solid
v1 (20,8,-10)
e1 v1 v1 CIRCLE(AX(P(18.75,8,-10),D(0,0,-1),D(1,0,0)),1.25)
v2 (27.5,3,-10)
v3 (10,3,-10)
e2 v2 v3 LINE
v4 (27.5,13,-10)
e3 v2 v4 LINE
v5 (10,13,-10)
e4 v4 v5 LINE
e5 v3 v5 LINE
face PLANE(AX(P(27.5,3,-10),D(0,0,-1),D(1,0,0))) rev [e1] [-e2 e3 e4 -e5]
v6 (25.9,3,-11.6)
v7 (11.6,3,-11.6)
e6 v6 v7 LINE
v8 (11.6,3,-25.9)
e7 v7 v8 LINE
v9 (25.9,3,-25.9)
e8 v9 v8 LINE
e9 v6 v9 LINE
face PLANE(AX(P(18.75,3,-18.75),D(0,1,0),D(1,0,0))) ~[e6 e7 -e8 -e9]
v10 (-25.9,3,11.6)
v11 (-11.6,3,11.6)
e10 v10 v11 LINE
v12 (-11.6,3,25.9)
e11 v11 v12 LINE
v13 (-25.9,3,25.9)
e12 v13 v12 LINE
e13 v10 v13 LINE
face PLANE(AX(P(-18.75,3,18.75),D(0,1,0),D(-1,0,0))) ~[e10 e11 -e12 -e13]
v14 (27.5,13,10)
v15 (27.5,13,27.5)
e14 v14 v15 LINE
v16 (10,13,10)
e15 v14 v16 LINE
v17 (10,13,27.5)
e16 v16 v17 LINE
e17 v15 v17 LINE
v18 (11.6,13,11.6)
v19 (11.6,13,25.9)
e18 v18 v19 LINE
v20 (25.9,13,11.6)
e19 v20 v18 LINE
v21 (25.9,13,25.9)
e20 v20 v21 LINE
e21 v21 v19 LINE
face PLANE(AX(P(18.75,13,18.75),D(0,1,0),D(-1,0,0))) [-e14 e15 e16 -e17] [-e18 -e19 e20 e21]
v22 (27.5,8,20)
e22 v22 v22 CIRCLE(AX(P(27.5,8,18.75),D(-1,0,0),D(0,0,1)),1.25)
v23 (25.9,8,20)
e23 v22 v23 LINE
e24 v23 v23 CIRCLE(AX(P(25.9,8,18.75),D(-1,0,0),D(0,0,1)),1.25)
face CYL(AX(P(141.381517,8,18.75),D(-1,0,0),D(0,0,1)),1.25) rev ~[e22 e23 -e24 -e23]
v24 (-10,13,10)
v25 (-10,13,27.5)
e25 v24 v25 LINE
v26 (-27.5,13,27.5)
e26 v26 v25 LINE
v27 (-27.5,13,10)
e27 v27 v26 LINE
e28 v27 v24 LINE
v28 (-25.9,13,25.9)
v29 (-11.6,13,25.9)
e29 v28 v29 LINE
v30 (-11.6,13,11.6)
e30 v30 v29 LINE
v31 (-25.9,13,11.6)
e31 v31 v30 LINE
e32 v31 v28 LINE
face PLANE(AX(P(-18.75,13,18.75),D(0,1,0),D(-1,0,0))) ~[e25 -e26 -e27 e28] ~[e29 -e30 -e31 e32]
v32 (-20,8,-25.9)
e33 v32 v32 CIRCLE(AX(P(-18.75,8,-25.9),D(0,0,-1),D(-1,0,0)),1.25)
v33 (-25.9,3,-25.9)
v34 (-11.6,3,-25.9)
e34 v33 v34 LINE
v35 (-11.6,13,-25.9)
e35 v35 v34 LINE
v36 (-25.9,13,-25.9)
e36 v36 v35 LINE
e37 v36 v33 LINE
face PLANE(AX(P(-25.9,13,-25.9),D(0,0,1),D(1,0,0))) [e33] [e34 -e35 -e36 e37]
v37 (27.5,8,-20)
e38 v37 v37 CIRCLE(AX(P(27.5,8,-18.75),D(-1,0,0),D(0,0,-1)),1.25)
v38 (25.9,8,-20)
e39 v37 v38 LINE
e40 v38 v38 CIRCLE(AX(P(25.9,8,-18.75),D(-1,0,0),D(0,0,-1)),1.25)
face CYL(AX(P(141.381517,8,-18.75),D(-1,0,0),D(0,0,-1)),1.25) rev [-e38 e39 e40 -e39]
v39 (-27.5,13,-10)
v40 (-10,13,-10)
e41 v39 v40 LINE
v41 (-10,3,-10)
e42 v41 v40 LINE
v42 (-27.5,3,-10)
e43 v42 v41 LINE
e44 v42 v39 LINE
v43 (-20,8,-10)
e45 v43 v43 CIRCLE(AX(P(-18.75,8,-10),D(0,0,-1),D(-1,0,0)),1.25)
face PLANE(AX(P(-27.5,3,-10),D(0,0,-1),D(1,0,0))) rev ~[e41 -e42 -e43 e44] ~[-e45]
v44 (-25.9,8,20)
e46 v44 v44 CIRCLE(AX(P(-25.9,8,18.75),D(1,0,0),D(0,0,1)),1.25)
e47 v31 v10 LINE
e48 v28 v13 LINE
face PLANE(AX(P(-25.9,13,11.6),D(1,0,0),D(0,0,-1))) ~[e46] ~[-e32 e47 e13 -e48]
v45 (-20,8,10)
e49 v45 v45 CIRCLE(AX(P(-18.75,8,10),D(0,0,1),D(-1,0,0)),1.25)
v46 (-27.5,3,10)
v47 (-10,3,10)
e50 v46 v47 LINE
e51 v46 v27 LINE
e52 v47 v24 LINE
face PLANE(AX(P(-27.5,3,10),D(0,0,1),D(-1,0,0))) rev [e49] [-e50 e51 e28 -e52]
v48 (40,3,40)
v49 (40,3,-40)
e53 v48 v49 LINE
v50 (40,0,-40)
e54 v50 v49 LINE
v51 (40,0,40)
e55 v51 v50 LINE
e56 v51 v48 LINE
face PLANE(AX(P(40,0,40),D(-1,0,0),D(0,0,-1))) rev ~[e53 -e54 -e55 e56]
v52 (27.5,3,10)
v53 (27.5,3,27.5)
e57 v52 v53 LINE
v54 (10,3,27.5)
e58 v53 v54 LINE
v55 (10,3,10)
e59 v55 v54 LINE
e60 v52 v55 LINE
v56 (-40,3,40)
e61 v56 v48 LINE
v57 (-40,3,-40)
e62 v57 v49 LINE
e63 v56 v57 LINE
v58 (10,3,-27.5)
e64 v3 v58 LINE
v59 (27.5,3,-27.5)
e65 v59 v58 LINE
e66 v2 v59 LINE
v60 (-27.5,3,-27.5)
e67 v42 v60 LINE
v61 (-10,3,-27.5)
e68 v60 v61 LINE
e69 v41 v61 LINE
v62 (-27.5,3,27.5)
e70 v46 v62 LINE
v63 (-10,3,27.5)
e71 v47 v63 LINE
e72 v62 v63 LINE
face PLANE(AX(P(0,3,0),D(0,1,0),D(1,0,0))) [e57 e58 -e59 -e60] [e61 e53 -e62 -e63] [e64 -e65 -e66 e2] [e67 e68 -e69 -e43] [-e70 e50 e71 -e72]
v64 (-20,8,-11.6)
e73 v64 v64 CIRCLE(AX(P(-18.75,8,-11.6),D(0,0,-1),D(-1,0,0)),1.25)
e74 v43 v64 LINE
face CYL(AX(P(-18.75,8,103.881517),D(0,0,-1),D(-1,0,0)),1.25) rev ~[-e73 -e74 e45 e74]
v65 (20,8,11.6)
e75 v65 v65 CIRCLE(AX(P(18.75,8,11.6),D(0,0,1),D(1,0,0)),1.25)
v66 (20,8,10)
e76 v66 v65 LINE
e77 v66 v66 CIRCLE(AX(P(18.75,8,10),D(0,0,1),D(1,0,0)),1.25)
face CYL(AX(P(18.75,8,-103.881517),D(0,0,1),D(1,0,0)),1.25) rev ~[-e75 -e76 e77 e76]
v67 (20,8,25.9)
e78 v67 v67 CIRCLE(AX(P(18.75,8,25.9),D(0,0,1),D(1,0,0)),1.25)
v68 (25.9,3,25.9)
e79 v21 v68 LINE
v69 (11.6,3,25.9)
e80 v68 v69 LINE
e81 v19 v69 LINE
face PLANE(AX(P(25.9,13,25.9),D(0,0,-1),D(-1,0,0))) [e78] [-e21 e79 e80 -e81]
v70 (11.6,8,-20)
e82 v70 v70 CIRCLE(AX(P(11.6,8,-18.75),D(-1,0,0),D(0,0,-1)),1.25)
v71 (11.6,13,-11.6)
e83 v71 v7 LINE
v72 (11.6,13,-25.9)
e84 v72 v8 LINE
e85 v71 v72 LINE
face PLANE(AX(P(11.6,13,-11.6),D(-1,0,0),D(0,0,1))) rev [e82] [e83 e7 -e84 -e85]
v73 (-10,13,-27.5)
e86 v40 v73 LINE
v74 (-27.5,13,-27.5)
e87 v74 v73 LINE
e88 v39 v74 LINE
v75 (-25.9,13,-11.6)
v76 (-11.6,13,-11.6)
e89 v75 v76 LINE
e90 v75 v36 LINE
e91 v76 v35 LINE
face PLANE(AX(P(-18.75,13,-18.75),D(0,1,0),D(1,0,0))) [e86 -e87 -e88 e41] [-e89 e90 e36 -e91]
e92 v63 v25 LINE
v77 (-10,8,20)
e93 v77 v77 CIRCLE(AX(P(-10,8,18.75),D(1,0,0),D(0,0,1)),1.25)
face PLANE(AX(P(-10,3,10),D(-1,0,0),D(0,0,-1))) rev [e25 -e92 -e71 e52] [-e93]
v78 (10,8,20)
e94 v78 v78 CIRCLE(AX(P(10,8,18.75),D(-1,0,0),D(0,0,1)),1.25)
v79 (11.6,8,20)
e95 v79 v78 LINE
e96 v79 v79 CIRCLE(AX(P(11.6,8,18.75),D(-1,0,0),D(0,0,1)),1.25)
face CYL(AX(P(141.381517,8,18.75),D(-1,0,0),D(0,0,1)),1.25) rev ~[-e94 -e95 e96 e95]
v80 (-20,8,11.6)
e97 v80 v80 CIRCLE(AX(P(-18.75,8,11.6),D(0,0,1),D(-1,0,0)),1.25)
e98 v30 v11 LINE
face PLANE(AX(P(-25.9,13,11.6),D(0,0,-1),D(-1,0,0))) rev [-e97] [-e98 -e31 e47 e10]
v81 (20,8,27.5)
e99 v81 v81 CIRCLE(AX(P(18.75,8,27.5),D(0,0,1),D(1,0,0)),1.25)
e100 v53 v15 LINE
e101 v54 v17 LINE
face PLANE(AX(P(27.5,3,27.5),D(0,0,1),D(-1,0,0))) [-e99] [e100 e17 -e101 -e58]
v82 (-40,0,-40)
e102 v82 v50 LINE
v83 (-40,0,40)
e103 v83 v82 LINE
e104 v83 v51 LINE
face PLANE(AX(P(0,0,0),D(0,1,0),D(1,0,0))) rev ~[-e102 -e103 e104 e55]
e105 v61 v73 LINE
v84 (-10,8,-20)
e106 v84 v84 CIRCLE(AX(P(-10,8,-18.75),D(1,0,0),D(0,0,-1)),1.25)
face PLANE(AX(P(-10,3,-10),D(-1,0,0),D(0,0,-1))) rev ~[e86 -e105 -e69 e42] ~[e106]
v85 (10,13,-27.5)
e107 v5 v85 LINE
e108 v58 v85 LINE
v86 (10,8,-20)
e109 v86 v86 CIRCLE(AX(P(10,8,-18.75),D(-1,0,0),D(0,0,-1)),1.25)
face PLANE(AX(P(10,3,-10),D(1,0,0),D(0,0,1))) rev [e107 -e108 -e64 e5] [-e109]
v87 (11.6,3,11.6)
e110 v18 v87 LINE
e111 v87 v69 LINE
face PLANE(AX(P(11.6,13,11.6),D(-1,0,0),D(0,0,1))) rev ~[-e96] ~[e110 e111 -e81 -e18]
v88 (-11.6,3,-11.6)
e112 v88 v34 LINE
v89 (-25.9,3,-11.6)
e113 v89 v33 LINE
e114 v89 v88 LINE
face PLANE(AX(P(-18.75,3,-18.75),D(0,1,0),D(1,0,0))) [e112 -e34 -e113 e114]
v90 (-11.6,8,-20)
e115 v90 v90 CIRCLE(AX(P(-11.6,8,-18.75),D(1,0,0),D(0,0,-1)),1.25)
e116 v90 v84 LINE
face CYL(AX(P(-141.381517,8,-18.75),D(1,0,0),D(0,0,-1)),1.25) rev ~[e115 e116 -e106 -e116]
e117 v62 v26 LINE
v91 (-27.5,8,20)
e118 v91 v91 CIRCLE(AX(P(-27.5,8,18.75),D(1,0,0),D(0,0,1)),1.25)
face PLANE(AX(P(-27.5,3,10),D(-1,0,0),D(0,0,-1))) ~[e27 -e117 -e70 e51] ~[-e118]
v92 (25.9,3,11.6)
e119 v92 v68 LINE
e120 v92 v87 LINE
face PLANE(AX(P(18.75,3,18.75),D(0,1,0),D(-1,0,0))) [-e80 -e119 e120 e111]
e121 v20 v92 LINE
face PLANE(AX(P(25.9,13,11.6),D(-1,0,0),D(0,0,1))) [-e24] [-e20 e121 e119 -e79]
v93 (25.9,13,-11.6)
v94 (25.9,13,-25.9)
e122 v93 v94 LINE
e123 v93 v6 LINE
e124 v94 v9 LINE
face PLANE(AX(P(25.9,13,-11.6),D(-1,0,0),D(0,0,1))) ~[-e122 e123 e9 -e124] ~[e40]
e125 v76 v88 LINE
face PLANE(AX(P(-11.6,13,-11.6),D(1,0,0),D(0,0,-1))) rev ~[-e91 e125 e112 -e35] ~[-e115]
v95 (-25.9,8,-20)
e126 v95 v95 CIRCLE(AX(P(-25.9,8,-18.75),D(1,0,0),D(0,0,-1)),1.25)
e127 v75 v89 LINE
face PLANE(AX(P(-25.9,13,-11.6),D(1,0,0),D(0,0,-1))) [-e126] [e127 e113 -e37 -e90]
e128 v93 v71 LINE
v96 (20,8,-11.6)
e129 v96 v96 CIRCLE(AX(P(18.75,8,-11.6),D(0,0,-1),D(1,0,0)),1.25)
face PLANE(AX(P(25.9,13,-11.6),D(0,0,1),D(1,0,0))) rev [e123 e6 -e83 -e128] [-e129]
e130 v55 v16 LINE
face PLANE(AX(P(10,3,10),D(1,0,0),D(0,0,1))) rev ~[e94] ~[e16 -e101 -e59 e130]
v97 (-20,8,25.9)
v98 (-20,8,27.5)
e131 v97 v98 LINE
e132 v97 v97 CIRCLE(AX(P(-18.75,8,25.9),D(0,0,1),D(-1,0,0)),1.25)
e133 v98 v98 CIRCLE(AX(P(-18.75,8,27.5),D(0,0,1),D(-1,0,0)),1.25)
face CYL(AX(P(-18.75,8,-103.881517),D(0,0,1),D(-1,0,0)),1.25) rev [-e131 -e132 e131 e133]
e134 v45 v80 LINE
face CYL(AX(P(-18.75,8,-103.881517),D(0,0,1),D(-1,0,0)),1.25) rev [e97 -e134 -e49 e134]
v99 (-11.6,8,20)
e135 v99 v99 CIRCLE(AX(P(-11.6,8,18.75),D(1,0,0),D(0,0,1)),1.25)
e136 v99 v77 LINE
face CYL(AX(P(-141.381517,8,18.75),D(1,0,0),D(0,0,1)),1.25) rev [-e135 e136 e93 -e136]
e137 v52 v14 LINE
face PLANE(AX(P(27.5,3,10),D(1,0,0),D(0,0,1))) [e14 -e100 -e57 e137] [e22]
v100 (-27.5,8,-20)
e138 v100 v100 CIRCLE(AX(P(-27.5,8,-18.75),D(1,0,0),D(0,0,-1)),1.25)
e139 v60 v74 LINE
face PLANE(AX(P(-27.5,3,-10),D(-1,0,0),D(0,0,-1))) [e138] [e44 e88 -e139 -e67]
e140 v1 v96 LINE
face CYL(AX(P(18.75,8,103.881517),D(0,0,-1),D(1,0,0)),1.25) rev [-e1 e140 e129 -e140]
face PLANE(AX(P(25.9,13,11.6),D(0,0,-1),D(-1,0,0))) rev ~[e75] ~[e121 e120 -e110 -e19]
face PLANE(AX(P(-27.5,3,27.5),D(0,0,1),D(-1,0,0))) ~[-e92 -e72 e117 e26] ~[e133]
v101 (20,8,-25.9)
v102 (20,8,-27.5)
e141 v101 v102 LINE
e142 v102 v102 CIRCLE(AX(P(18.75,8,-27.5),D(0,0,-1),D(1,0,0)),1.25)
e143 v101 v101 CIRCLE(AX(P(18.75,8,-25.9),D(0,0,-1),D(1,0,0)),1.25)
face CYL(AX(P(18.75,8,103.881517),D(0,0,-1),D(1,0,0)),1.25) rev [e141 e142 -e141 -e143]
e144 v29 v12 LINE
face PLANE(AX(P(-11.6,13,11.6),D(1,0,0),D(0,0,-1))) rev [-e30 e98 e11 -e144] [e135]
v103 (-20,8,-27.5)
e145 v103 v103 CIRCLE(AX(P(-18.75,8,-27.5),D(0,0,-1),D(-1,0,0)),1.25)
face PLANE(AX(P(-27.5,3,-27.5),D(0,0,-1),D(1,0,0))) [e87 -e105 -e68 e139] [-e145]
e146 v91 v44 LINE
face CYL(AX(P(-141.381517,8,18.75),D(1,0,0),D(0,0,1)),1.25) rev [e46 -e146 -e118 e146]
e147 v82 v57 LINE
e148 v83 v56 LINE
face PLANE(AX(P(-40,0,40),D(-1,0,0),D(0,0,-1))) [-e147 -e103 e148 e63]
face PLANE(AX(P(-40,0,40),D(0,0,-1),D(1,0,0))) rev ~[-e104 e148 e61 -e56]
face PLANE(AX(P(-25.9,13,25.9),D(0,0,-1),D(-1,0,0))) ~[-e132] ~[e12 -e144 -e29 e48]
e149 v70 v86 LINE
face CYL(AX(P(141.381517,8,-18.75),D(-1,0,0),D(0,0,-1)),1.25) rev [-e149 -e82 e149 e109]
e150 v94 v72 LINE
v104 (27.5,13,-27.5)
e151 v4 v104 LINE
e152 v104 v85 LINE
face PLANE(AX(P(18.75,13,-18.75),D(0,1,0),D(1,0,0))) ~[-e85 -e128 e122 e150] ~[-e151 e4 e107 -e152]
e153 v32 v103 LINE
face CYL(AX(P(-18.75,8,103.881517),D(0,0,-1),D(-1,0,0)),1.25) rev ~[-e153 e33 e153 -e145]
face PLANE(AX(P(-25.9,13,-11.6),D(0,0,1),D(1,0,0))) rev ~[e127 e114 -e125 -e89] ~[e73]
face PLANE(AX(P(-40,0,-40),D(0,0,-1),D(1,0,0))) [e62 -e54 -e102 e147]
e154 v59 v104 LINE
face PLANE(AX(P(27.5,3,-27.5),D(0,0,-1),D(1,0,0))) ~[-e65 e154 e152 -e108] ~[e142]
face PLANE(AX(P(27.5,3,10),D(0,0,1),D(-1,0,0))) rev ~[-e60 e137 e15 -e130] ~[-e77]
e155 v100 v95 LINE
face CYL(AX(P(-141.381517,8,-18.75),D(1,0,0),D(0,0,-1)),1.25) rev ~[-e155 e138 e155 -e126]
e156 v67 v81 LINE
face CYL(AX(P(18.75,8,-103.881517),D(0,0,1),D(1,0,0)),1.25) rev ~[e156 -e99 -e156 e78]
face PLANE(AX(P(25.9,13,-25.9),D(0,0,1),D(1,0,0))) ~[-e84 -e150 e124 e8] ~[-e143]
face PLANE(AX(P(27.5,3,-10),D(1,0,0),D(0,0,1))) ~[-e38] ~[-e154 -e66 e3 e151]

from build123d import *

# Parameters (mm, degrees)
SKETCH1_W                   = 80
SKETCH1_H                   = 80
BOSS_EXTRUDE1_DEPTH         = 3
SKETCH2_W                   = 17.5
SKETCH2_H                   = 17.5
BOSS_EXTRUDE2_DEPTH         = 10
SKETCH3_W                   = 14.3
SKETCH3_H                   = 14.3
CUT_EXTRUDE1_DEPTH          = 10
TAP_DRILL_FOR_M3X0_5_TAP1_D = 2.5
TAP_DRILL_FOR_M3X0_5_TAP2_D = 2.5
MIRROR2_COPY_1_SKETCH_W     = 17.5
MIRROR2_COPY_1_SKETCH_H     = 17.5
MIRROR2_COPY_1_DEPTH        = 10
MIRROR2_COPY_2_SKETCH_W     = 14.3
MIRROR2_COPY_2_SKETCH_H     = 14.3
MIRROR2_COPY_2_DEPTH        = 10
MIRROR2_COPY_3_D            = 2.5
MIRROR2_COPY_4_D            = 2.5


with BuildPart() as part:
    # Sketch1 → Boss-Extrude1 (new body)
    with BuildSketch(Plane(origin=(0, 0, 0), x_dir=(1, 0, 0), z_dir=(0, 1, 0))):
        Rectangle(SKETCH1_W, SKETCH1_H)
    extrude(amount=BOSS_EXTRUDE1_DEPTH)

    # Sketch2 → Boss-Extrude2 (add)
    with BuildSketch(Plane(origin=(0, 3, 0), x_dir=(1, 0, 0), z_dir=(0, 1, 0))):
        with Locations((-18.75, 18.75)):
            Rectangle(SKETCH2_W, SKETCH2_H)
    boss_extrude2 = extrude(amount=BOSS_EXTRUDE2_DEPTH)

    # Sketch3 → Cut-Extrude1 (cut)
    with BuildSketch(Plane(origin=(0, 13, 0), x_dir=(1, 0, 0), z_dir=(0, 1, 0))):
        with Locations((-18.75, 18.75)):
            Rectangle(SKETCH3_W, SKETCH3_H)
    cut_extrude1 = extrude(amount=-CUT_EXTRUDE1_DEPTH, mode=Mode.SUBTRACT)

    # Tap Drill for M3x0.5 Tap1 (through all)
    with Locations(Plane.XY.offset(-10)):
        with Locations((-18.75, 8)):
            tap_drill_for_m3x0_5_tap1 = Hole(TAP_DRILL_FOR_M3X0_5_TAP1_D / 2)

    # Tap Drill for M3x0.5 Tap2 (through all)
    with Locations(Plane.ZY.offset(27.5)):
        with Locations((-18.75, 8)):
            tap_drill_for_m3x0_5_tap2 = Hole(TAP_DRILL_FOR_M3X0_5_TAP2_D / 2)

    # Mirror1: Boss-Extrude2, Cut-Extrude1, Tap Drill for M3x0.5 Tap1, Tap Drill for M3x0.5 Tap2 across plane
    add(boss_extrude2.mirror(Plane.ZY))
    add(cut_extrude1.mirror(Plane.ZY), mode=Mode.SUBTRACT)
    add(tap_drill_for_m3x0_5_tap1.mirror(Plane.ZY), mode=Mode.SUBTRACT)
    add(tap_drill_for_m3x0_5_tap2.mirror(Plane.ZY), mode=Mode.SUBTRACT)

    # Mirror2: Boss-Extrude2, Cut-Extrude1, Tap Drill for M3x0.5 Tap1, Tap Drill for M3x0.5 Tap2 across plane
    add(boss_extrude2.mirror(Plane.XY))
    add(cut_extrude1.mirror(Plane.XY), mode=Mode.SUBTRACT)
    add(tap_drill_for_m3x0_5_tap1.mirror(Plane.XY), mode=Mode.SUBTRACT)
    add(tap_drill_for_m3x0_5_tap2.mirror(Plane.XY), mode=Mode.SUBTRACT)

    # Mirror2 copy 1 sketch → Mirror2 copy 1 (add)
    with BuildSketch(Plane(origin=(0, 3, 0), x_dir=(-1, 0, 0), z_dir=(0, 1, 0))):
        with Locations((-18.75, 18.75)):
            Rectangle(MIRROR2_COPY_1_SKETCH_W, MIRROR2_COPY_1_SKETCH_H)
    extrude(amount=MIRROR2_COPY_1_DEPTH)

    # Mirror2 copy 2 sketch → Mirror2 copy 2 (cut)
    with BuildSketch(Plane(origin=(0, 13, 0), x_dir=(-1, 0, 0), z_dir=(0, 1, 0))):
        with Locations((-18.75, 18.75)):
            Rectangle(MIRROR2_COPY_2_SKETCH_W, MIRROR2_COPY_2_SKETCH_H)
    extrude(amount=-MIRROR2_COPY_2_DEPTH, mode=Mode.SUBTRACT)

    # Mirror2 copy 3 (through all)
    with Locations(Plane(origin=(0, 0, 10), x_dir=(-1, 0, 0), z_dir=(0, 0, -1))):
        with Locations((-18.75, 8)):
            Hole(MIRROR2_COPY_3_D / 2)

    # Mirror2 copy 4 (through all)
    with Locations(Plane(origin=(27.5, 0, 0), x_dir=(0, 0, -1), z_dir=(1, 0, 0))):
        with Locations((-18.75, 8)):
            Hole(MIRROR2_COPY_4_D / 2)


solid = part.part
